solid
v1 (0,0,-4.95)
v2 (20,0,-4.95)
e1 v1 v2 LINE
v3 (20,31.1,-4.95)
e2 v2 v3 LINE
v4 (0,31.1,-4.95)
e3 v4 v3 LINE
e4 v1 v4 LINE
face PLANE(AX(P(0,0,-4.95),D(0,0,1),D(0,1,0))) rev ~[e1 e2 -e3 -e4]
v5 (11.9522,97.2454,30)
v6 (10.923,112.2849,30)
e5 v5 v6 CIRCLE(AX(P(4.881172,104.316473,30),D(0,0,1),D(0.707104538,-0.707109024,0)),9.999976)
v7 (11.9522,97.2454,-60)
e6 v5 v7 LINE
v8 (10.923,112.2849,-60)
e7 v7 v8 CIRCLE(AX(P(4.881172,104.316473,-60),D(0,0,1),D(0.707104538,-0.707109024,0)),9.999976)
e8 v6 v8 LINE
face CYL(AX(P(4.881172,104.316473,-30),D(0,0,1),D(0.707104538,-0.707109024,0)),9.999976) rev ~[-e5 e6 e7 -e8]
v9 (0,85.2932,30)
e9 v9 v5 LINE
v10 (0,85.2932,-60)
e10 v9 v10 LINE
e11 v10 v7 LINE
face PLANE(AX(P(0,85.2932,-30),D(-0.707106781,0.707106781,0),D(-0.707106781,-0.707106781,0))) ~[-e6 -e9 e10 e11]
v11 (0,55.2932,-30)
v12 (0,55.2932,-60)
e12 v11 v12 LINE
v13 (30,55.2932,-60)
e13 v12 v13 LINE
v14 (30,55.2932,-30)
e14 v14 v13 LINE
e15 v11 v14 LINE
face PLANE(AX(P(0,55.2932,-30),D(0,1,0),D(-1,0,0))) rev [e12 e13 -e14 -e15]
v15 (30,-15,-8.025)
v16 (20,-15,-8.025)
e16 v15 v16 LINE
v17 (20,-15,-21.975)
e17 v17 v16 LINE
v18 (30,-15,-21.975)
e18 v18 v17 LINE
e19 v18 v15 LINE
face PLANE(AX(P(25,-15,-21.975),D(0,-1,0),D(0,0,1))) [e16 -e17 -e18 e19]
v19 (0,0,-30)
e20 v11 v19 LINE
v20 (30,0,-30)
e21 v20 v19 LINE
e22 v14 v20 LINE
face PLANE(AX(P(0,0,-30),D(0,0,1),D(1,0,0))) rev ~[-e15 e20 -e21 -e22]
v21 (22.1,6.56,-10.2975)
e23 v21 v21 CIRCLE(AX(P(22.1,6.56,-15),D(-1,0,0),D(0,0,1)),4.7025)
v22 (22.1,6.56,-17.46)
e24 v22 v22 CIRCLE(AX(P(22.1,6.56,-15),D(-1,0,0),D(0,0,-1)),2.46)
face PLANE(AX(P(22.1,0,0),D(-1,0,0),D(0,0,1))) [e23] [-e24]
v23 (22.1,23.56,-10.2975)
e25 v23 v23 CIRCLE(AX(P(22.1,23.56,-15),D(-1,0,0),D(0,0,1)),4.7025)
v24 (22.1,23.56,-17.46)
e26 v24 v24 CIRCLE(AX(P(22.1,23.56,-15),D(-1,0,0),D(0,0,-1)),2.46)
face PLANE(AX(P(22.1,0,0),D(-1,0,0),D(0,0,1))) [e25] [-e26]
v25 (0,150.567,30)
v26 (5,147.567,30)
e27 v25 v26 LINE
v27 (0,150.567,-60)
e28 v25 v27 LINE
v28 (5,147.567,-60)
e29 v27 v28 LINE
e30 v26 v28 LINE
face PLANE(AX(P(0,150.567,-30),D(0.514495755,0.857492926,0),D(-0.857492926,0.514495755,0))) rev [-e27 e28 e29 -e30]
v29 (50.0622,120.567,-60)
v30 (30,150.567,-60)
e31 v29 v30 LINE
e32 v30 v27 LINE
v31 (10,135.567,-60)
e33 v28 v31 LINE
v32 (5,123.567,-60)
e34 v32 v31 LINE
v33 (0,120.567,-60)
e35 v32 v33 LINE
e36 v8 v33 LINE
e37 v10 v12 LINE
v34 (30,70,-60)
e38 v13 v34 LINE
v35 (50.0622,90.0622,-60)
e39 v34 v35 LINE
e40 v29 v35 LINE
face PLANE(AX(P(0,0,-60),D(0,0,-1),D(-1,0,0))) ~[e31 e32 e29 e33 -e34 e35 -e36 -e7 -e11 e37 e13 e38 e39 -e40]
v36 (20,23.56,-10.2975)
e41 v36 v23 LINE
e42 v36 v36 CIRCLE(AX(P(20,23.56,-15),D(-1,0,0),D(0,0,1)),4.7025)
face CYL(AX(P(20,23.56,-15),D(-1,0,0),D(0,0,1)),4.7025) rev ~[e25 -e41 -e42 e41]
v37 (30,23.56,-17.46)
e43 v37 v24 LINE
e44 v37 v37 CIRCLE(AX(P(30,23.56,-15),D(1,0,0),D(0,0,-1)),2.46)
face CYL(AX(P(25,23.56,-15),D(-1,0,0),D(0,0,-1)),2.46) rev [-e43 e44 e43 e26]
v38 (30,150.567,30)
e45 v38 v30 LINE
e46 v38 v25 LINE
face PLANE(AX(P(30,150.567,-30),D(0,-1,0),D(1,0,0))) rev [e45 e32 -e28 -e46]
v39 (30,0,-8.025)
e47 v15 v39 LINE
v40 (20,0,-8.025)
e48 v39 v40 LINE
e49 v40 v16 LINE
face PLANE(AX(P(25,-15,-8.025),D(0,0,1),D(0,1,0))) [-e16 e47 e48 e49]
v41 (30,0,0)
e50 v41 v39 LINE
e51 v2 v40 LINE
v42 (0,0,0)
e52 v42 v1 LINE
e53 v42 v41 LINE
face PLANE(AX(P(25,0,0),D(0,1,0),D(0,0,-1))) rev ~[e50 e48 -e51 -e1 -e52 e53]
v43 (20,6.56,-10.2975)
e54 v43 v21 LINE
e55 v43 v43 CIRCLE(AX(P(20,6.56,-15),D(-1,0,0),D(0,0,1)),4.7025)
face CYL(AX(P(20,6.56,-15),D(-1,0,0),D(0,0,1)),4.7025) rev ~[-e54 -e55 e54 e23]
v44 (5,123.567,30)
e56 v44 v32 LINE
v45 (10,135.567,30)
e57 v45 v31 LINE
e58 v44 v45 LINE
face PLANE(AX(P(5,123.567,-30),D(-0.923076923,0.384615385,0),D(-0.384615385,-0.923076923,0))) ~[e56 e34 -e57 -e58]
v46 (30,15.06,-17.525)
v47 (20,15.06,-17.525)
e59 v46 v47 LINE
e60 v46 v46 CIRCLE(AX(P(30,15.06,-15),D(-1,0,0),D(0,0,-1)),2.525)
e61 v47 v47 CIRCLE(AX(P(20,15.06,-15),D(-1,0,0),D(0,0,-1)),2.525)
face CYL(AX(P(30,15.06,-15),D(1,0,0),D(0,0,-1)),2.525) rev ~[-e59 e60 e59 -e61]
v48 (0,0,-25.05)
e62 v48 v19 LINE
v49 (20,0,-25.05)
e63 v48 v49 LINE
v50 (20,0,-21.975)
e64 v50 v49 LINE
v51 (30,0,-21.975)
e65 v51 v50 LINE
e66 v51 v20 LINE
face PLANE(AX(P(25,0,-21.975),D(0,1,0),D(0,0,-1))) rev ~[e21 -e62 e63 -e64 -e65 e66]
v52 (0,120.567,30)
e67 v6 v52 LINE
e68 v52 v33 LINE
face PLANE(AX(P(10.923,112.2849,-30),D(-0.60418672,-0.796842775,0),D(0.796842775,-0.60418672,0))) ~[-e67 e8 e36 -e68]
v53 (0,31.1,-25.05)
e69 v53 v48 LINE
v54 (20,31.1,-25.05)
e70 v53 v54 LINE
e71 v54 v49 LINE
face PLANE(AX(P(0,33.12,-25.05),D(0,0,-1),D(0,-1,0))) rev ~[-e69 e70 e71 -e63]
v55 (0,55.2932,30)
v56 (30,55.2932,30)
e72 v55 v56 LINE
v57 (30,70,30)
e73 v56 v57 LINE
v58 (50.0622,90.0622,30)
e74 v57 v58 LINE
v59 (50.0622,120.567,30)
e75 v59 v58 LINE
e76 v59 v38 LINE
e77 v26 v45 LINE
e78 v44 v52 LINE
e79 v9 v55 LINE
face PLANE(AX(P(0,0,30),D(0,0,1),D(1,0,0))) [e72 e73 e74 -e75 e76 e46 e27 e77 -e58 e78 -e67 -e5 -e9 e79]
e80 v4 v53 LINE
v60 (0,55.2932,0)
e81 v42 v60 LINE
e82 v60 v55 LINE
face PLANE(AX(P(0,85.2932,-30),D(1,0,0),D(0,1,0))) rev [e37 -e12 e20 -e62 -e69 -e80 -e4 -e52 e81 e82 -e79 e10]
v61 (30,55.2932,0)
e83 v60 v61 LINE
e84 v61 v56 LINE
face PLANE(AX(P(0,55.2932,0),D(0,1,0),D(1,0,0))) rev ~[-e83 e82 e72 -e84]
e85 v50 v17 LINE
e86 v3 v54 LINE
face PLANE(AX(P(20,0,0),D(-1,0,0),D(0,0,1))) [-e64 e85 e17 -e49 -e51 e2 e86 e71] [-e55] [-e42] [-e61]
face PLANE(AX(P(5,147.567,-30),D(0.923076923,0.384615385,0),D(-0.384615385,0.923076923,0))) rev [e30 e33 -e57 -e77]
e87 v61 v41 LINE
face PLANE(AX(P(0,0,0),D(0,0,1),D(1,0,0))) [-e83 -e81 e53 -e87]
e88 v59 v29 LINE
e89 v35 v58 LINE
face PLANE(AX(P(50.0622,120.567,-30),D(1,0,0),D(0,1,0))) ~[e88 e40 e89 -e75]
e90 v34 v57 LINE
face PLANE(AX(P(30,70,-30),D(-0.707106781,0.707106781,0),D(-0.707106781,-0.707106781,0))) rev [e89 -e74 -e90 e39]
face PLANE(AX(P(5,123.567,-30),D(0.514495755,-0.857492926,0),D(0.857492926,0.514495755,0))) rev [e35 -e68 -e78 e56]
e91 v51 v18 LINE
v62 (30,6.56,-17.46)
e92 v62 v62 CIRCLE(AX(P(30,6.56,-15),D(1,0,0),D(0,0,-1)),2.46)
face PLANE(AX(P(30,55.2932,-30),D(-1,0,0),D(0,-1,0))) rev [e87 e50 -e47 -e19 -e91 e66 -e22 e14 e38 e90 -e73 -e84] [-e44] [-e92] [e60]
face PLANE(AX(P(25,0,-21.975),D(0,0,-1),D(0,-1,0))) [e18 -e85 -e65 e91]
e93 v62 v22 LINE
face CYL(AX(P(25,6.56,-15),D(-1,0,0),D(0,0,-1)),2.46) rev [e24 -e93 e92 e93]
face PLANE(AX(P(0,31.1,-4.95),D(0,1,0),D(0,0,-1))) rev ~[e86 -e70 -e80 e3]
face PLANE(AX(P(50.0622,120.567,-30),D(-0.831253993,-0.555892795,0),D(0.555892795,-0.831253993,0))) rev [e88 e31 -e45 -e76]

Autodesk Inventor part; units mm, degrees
ref_plane "YZ Plane" through (0, 0, 0) normal (1, 0, 0) x (0, 1, 0)
ref_plane "XZ Plane" through (0, 0, 0) normal (0, 1, 0) x (-1, 0, 0)
sketch "Sketch1" plane through (0, 0, 0) normal (0, 0, 1) x (1, 0, 0)
  line L0 (0, 0) -> (25, 0)
  line L1 (25, 0) -> (25, 40)
  line L2 (25, 40) -> (0, 40)
  line L3 (0, 40) -> (0, 0)
  dimension "d1" = 25
  dimension "d2" = 40
  dimension "d3" = 25
extrude "Extrusion1" add sketch "Sketch1" against normal blind 30
sketch "Sketch2" plane through (25, 0, 0) normal (1, 0, 0) x (0, 0, -1)
  line L0 (0, 0) -> (30, 0) projected
  circle A0 centre (15, 6.56) radius 2.46
extrude "Extrusion2" cut sketch "Sketch2" against normal blind 30
sketch "Sketch3" plane through (0, 0, 0) normal (-1, 0, 0) x (0, 0, 1)
  line L0 (0, 0) -> (-30, 0) projected
  line L1 (-25.05, 0) -> (-4.95, 0)
  line L2 (-4.95, 0) -> (-4.95, 33.12)
  line L3 (-4.95, 33.12) -> (-25.05, 33.12)
  line L4 (-25.05, 33.12) -> (-25.05, 0)
  dimension "d11" = 20.1
extrude "Extrusion3" cut sketch "Sketch3" against normal blind 20
sketch "Sketch4" plane through (0, 0, 0) normal (0, -1, 0) x (1, 0, 0)
  line L0 (20, -4.95) -> (20, -25.05) projected
  line L1 (20, -15) -> (25, -15)
  line L2 (25, 0) -> (25, -30) projected
  line L3 (20, -8.025) -> (25, -8.025)
  line L4 (25, -8.025) -> (25, -21.975)
  line L5 (25, -21.975) -> (20, -21.975)
  line L6 (20, -21.975) -> (20, -8.025)
  line L7 (20, -8.025) -> (25, -21.975) construction
  line L8 (25, -8.025) -> (20, -21.975) construction
  line L9 (25, -12.54) -> (25, -17.46) projected
  point P0 (0, 0)
  point P1 (22.5, -15)
  dimension "d14" = 13.95
extrude "Extrusion4" add sketch "Sketch4" along normal blind 15
sketch "Sketch5" plane through (20, 0, 0) normal (-1, 0, 0) x (0, 0, 1)
  circle A0 centre (-15, 6.56) radius 2.46 projected
  circle A1 centre (-15, 6.56) radius 4.7025
  circle A2 centre (-15, 6.56) radius 2.46 projected
  circle A3 centre (-15, 6.56) radius 2.46
  point P0 (0, 0)
  dimension "d17" = 9.405
extrude "Extrusion5" cut sketch "Sketch5" against normal blind 2.1
sketch "Sketch6" plane through (25, 0, 0) normal (1, 0, 0) x (0, 0, -1)
  circle A0 centre (15, 6.56) radius 4.7025 projected
  line L0 (15, 6.56) -> (15, 23.56)
  circle A1 centre (15, 23.56) radius 2.46
  point P0 (0, 0)
  dimension "d20" = 17
  dimension "d21" = 4.92
extrude "Extrusion6" cut sketch "Sketch6" against normal blind 10 contours A1
sketch "Sketch7" plane through (20, 0, 0) normal (-1, 0, 0) x (0, 0, 1)
  circle A0 centre (-15, 23.56) radius 2.46 projected
  circle A1 centre (-15, 23.56) radius 4.7025
  point P0 (0, 0)
  dimension "d24" = 9.405
extrude "Extrusion7" cut sketch "Sketch7" against normal blind 2.1
sketch "Sketch9" plane through (25, 0, 0) normal (1, 0, 0) x (0, 0, -1)
  circle A0 centre (15, 6.56) radius 2.46 projected
  circle A1 centre (15, 6.56) radius 2.46
  circle A2 centre (15, 23.56) radius 2.46 projected
  circle A3 centre (15, 23.56) radius 2.46
  line L0 (30, 40) -> (30, 0) projected
  line L1 (30, 0) -> (30, 40)
  line L2 (30, 40) -> (0, 40)
  line L3 (0, 40) -> (0, 0)
  line L4 (0, 0) -> (8.025, 0) projected
  line L5 (21.975, 0) -> (21.975, -15)
  line L6 (21.975, -15) -> (8.025, -15)
  line L7 (8.025, -15) -> (8.025, 0)
  line L8 (0, 0) -> (8.025, 0)
  line L9 (21.975, 0) -> (30, 0)
extrude "Extrusion8" add sketch "Sketch9" along normal blind 5
sketch "Sketch10" plane through (0, 40, 0) normal (0, 1, 0) x (1, 0, 0)
  line L0 (0, 30) -> (30, 30) projected
  line L1 (30, 0) -> (0, 0) projected
  line L2 (0, 30) -> (30, 30)
  line L3 (30, 30) -> (30, 0)
  line L4 (30, 0) -> (0, 0)
  line L5 (0, 0) -> (0, 30)
extrude "Extrusion9" add sketch "Sketch10" along normal blind 30
sketch "Sketch12" plane through (30, 0, 0) normal (1, 0, 0) x (0, 0, -1)
  circle A0 centre (15, 6.56) radius 2.46 projected
  line L0 (15, 6.56) -> (15, 15.06)
  circle A1 centre (15, 15.06) radius 2.525
  point P0 (0, 0)
  dimension "d31" = 8.5
  dimension "d33" = 5.05
extrude "Extrusion10" cut sketch "Sketch12" against normal blind 30 contours A1
sketch "Sketch15" plane through (0, 0, -25.05) normal (-1, 0, 0) x (0, 0, 1)
  line L0 (0, 33.12) -> (20.1, 33.12) projected
  line L1 (20.1, 33.12) -> (20.1, 0) projected
  line L2 (0, 33.12) -> (20.1, 33.12)
  line L3 (20.1, 33.12) -> (20.1, 31.1)
  line L4 (20.1, 31.1) -> (0, 31.1)
  line L5 (0, 31.1) -> (0, 33.12)
  point P0 (25.05, 0)
  dimension "d57" = 2.02
extrude "Extrusion13" add sketch "Sketch15" against normal blind 20
sketch "Sketch17" plane through (0, 0, 0) normal (0, 0, 1) x (1, 0, 0)
  line L0 (0, 70) -> (30, 70) projected
  line L1 (30, 70) -> (50.0622, 90.0622)
  line L2 (30, 70) -> (80, 70) construction
  line L3 (11.9522, 97.2454) -> (0, 85.2932)
  line L4 (0, 70) -> (0, 85.2932)
  line L5 (0, 70) -> (0, 0) projected
  line L6 (0, 70) -> (30, 70)
  line L7 (10.923, 112.2849) -> (0, 120.567)
  line L8 (50.0622, 105.3553) -> (50.0622, 120.567)
  line L9 (50.0622, 105.3553) -> (50.0622, 90.0622)
  arc A0 (11.9522, 97.2454) -> (10.923, 112.2849) centre (4.8811, 104.3165) ccw
  line L10 (0, 150.567) -> (30, 150.567)
  line L11 (30, 150.567) -> (50.0622, 120.567)
  line L12 (5, 147.567) -> (0, 150.567)
  line L13 (5, 123.567) -> (0, 120.567)
  line L14 (5, 123.567) -> (10, 135.567)
  line L15 (10, 135.567) -> (5, 147.567)
  dimension "d61" = 45
  dimension "d62" = 32.0271
  dimension "d72" = 10
extrude "Extrusion14" add sketch "Sketch17" against normal blind 30
sketch "Sketch22" plane through (0, 0, 0) normal (0, 0, 1) x (1, 0, 0)
  line L0 (30, 0) -> (30, 70) projected
  line L1 (50.0622, 120.567) -> (50.0622, 90.0622) projected
  line L2 (30, 70) -> (50.0622, 90.0622)
  line L3 (50.0622, 90.0622) -> (50.0622, 120.567)
  line L4 (50.0622, 120.567) -> (30, 150.567) projected
  line L5 (50.0622, 120.567) -> (30, 150.567)
  line L6 (30, 150.567) -> (0, 150.567) projected
  line L7 (30, 150.567) -> (0, 150.567)
  line L8 (0, 150.567) -> (5, 147.567) projected
  line L9 (0, 150.567) -> (5, 147.567)
  line L10 (5, 147.567) -> (10, 135.567) projected
  line L11 (5, 147.567) -> (10, 135.567)
  line L12 (5, 123.567) -> (10, 135.567) projected
  line L13 (10, 135.567) -> (5, 123.567)
  line L14 (5, 123.567) -> (0, 120.567) projected
  line L15 (5, 123.567) -> (0, 120.567)
  line L16 (10.923, 112.2849) -> (0, 120.567) projected
  line L17 (0, 120.567) -> (10.923, 112.2849)
  line L18 (0, 85.2932) -> (11.9522, 97.2454) projected
  line L19 (11.9522, 97.2454) -> (0, 85.2932)
  line L20 (0, 85.2932) -> (0, 55.2932)
  line L21 (0, 0) -> (0, 85.2932) projected
  line L22 (0, 55.2932) -> (30, 55.2932)
  line L23 (30, 55.2932) -> (30, 70)
  arc A0 (11.9522, 97.2454) -> (10.923, 112.2849) centre (4.8811, 104.3165) ccw projected
  arc A1 (11.9522, 97.2454) -> (10.923, 112.2849) centre (4.8811, 104.3165) ccw
  dimension "d87" = 30
extrude "Extrusion15" add sketch "Sketch22" along normal blind 30
ref_plane "Work Plane1" through (0, 0, -15) normal (0, 0, 1) x (1, 0, 0)
mirror "Mirror1" about plane through (0, 0, -15) normal (0, 0, 1) of "Extrusion15"
properties part number "rec_c_24mm_x_90mm"
